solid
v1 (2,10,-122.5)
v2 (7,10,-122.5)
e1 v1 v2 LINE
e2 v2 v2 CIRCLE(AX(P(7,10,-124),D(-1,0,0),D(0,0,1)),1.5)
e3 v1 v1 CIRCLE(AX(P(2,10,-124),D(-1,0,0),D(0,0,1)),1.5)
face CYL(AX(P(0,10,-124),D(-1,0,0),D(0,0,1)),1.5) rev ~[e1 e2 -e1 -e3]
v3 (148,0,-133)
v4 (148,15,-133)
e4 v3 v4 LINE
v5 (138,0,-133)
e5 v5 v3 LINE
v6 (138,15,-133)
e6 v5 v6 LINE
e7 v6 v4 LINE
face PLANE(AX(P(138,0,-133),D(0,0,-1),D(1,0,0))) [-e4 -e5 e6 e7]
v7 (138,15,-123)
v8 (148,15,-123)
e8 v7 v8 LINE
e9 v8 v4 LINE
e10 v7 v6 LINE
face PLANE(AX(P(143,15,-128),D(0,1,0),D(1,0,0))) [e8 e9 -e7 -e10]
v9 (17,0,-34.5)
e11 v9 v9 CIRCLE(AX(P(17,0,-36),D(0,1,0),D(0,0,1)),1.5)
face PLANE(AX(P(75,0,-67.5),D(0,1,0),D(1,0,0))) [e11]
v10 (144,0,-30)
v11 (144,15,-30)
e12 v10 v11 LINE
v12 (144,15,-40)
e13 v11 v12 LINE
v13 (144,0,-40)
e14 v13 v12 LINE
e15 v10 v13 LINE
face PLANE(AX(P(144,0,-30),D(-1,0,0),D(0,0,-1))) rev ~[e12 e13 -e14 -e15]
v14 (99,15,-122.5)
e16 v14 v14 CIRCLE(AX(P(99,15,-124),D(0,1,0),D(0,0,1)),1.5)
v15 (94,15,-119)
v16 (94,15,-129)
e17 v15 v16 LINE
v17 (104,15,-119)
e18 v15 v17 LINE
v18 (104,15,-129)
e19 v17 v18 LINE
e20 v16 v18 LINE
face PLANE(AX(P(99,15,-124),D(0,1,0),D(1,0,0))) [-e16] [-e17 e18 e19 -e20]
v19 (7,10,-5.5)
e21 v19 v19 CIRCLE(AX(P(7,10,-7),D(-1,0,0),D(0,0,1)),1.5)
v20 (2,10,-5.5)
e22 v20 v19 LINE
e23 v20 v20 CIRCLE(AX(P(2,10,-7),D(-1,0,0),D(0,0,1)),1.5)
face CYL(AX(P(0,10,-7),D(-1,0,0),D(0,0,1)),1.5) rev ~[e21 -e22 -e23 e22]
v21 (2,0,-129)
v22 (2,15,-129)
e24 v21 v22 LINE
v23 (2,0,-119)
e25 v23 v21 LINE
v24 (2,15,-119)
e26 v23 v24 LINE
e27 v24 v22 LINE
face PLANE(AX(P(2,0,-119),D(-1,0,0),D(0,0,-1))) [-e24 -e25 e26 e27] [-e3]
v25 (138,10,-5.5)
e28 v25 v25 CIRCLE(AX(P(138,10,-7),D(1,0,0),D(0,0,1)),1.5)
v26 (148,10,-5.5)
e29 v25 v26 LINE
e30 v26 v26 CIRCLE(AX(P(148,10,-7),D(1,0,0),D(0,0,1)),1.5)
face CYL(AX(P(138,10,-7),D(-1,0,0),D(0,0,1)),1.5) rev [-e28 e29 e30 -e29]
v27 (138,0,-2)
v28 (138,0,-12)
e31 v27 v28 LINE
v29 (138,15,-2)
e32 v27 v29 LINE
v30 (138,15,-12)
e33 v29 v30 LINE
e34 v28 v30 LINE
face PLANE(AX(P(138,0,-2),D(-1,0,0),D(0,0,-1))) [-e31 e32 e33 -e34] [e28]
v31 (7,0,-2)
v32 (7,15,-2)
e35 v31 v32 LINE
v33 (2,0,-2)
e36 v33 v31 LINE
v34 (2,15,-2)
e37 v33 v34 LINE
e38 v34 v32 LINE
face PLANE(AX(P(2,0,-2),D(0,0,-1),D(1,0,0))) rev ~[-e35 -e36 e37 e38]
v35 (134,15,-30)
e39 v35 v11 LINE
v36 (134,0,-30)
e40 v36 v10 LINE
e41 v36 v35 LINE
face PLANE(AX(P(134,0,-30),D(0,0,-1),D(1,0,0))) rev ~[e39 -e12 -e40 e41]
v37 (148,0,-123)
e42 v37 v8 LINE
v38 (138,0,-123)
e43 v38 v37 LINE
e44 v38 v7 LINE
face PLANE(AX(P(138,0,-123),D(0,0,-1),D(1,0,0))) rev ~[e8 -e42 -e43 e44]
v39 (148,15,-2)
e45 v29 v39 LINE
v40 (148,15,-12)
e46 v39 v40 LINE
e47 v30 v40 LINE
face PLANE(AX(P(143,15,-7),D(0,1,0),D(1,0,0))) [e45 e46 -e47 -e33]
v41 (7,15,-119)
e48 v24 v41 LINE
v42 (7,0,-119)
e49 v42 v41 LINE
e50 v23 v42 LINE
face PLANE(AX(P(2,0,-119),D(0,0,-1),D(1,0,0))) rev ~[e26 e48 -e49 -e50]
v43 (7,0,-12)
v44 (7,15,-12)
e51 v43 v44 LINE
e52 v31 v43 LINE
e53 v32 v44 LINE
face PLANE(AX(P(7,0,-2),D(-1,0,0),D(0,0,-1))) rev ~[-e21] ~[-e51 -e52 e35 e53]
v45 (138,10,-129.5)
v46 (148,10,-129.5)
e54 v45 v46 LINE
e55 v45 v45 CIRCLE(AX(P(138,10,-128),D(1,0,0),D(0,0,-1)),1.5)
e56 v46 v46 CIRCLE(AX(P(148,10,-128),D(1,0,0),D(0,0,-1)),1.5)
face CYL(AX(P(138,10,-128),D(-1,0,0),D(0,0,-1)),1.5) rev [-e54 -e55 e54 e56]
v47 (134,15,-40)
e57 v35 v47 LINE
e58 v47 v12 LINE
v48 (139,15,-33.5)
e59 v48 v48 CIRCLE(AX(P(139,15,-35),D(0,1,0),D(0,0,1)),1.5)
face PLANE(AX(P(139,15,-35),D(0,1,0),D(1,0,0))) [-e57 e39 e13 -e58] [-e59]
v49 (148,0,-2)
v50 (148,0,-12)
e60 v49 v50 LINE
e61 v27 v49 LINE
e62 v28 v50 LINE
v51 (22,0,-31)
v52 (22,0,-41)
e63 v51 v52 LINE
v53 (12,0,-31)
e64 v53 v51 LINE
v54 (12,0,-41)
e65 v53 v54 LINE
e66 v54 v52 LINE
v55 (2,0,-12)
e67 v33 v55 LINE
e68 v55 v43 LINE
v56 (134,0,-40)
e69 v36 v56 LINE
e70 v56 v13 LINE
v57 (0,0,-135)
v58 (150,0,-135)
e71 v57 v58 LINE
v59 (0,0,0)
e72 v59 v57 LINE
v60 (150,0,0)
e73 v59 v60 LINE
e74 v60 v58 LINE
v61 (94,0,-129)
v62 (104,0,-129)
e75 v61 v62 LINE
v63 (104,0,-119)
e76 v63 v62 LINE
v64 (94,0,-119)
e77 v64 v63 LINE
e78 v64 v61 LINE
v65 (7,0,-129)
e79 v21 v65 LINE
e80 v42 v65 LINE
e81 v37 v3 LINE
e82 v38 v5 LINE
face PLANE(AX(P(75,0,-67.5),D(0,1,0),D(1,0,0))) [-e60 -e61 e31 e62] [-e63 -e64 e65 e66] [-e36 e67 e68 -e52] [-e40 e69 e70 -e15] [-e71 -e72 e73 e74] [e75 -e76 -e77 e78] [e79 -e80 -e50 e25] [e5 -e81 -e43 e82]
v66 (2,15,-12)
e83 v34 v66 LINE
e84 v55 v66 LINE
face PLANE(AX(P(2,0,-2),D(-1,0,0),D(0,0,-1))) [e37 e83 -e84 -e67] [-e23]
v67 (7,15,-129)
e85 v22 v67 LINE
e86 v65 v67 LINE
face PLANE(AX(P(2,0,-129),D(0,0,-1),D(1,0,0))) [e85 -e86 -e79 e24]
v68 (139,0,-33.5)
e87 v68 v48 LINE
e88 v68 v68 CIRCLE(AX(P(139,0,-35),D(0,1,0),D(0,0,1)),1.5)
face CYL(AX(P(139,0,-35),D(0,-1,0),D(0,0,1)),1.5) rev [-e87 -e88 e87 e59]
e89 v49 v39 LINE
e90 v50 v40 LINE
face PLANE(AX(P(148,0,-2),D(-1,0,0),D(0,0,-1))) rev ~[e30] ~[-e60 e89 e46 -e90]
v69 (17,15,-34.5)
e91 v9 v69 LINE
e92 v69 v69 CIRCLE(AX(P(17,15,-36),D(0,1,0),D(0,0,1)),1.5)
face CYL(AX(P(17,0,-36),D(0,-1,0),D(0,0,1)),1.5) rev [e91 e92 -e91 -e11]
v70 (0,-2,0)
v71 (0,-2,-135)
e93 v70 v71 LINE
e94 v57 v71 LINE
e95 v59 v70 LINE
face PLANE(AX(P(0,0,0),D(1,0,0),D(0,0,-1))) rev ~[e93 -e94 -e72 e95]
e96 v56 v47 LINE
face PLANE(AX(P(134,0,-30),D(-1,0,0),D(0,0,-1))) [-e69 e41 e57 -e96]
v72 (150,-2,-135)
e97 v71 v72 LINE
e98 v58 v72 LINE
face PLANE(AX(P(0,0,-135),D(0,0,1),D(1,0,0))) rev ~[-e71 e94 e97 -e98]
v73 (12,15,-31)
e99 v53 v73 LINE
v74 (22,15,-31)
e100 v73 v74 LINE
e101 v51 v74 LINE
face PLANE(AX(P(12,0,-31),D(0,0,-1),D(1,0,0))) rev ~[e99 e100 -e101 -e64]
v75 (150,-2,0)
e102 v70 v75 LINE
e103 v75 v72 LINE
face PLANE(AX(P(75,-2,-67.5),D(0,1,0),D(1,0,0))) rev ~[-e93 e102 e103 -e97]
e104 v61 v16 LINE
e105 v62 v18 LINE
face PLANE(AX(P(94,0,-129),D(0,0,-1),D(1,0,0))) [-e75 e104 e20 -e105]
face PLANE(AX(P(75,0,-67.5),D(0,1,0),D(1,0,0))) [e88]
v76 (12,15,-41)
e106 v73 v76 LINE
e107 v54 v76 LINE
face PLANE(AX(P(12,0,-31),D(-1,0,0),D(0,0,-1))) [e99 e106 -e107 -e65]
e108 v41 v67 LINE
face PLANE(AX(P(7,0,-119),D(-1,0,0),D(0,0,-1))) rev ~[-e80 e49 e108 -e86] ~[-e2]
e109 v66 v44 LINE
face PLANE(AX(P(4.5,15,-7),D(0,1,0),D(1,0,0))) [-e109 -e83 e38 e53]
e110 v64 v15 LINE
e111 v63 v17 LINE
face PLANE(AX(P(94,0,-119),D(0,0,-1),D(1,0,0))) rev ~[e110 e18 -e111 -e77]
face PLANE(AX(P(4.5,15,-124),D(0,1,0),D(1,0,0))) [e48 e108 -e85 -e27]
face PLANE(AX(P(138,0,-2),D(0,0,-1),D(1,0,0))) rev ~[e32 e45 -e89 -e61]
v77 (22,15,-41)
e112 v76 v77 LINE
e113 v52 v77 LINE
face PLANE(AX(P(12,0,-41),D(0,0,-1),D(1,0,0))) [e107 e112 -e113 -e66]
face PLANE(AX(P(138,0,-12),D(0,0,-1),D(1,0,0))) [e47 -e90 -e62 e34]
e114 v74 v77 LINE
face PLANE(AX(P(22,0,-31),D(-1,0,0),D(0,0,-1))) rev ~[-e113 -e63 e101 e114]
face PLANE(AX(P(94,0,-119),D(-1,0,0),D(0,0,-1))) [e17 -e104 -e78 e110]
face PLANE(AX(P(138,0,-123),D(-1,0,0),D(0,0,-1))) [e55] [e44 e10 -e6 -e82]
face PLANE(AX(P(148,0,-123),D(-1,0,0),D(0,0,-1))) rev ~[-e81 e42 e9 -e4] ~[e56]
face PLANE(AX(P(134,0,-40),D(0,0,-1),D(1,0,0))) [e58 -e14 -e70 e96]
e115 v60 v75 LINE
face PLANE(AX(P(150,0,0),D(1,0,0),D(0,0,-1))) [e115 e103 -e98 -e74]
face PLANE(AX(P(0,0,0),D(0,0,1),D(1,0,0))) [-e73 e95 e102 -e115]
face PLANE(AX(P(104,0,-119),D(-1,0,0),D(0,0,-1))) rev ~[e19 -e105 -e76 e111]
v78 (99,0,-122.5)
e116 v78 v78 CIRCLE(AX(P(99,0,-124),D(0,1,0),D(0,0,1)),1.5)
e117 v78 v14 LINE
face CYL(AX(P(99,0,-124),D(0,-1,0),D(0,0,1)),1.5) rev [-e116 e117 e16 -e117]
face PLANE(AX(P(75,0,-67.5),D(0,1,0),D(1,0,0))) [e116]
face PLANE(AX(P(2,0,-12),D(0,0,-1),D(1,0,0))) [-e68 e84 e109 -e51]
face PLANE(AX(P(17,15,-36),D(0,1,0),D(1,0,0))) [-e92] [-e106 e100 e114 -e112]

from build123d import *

# Parameters (mm, degrees)
CROQUIS6_W              = 150
CROQUIS6_H              = 135
SALIENTE_EXTRUIR6_DEPTH = 2
CROQUIS8_W              = 5
CROQUIS8_H              = 10
CROQUIS8_W_2            = 10
CROQUIS8_R              = 1.5
SALIENTE_EXTRUIR7_DEPTH = 15
CROQUIS9_R              = 1.5
CORTAR_EXTRUIR1_DEPTH   = 10
CORTAR_EXTRUIR2_START   = -10
CROQUIS10_R             = 1.5
CORTAR_EXTRUIR2_DEPTH   = 10


with BuildPart() as part:
    # Croquis6 → Saliente-Extruir6 (new body)
    with BuildSketch(Plane(origin=(0, 0, 0), x_dir=(1, 0, 0), z_dir=(0, 1, 0))):
        with Locations((75, 67.5)):
            Rectangle(CROQUIS6_W, CROQUIS6_H)
    extrude(amount=-SALIENTE_EXTRUIR6_DEPTH)

    # Croquis8 → Saliente-Extruir7 (add)
    # profile 1 of 7: a face of its own
    with BuildSketch(Plane(origin=(0, 0, 0), x_dir=(1, 0, 0), z_dir=(0, 1, 0))):
        with Locations((4.5, 124)):
            Rectangle(CROQUIS8_W, CROQUIS8_H)
    # profile 2 of 7: a face of its own
    with BuildSketch(Plane(origin=(0, 0, 0), x_dir=(1, 0, 0), z_dir=(0, 1, 0))):
        with Locations((4.5, 7)):
            Rectangle(CROQUIS8_W, CROQUIS8_H)
    # profile 3 of 7: a face of its own
    with BuildSketch(Plane(origin=(0, 0, 0), x_dir=(1, 0, 0), z_dir=(0, 1, 0))):
        with Locations((143, 128)):
            Rectangle(CROQUIS8_W_2, CROQUIS8_H)
    # profile 4 of 7: a face of its own
    with BuildSketch(Plane(origin=(0, 0, 0), x_dir=(1, 0, 0), z_dir=(0, 1, 0))):
        with Locations((143, 7)):
            Rectangle(CROQUIS8_W_2, CROQUIS8_H)
    # profile 5 of 7: a face of its own
    with BuildSketch(Plane(origin=(0, 0, 0), x_dir=(1, 0, 0), z_dir=(0, 1, 0))):
        with Locations((139, 35)):
            Rectangle(CROQUIS8_W_2, CROQUIS8_H)
        with Locations(Location((139, 35, 0), (0, 0, 270))):
            Circle(CROQUIS8_R, mode=Mode.SUBTRACT)
    # profile 6 of 7: a face of its own
    with BuildSketch(Plane(origin=(0, 0, 0), x_dir=(1, 0, 0), z_dir=(0, 1, 0))):
        with Locations((17, 36)):
            Rectangle(CROQUIS8_W_2, CROQUIS8_H)
        with Locations(Location((17, 36, 0), (0, 0, 270))):
            Circle(CROQUIS8_R, mode=Mode.SUBTRACT)
    # profile 7 of 7: a face of its own
    with BuildSketch(Plane(origin=(0, 0, 0), x_dir=(1, 0, 0), z_dir=(0, 1, 0))):
        with Locations((99, 124)):
            Rectangle(CROQUIS8_W_2, CROQUIS8_H)
        with Locations(Location((99, 124, 0), (0, 0, 270))):
            Circle(CROQUIS8_R, mode=Mode.SUBTRACT)
    extrude(amount=SALIENTE_EXTRUIR7_DEPTH)

    # Croquis9 → Cortar-Extruir1 (cut)
    with BuildSketch(Plane.ZY):
        with Locations((-124, 10)):
            Circle(CROQUIS9_R)
        with Locations((-7, 10)):
            Circle(CROQUIS9_R)
    extrude(amount=-CORTAR_EXTRUIR1_DEPTH, mode=Mode.SUBTRACT)

    # Croquis10 → Cortar-Extruir2 (cut)
    with BuildSketch(Plane(origin=(148, 0, 0), x_dir=(0, 0, -1), z_dir=(1, 0, 0)).offset(CORTAR_EXTRUIR2_START)):
        with Locations(Location((7, 10, 0), (0, 0, 180))):
            Circle(CROQUIS10_R)
        with Locations((128, 10)):
            Circle(CROQUIS10_R)
    extrude(amount=CORTAR_EXTRUIR2_DEPTH, mode=Mode.SUBTRACT)


solid = part.part
